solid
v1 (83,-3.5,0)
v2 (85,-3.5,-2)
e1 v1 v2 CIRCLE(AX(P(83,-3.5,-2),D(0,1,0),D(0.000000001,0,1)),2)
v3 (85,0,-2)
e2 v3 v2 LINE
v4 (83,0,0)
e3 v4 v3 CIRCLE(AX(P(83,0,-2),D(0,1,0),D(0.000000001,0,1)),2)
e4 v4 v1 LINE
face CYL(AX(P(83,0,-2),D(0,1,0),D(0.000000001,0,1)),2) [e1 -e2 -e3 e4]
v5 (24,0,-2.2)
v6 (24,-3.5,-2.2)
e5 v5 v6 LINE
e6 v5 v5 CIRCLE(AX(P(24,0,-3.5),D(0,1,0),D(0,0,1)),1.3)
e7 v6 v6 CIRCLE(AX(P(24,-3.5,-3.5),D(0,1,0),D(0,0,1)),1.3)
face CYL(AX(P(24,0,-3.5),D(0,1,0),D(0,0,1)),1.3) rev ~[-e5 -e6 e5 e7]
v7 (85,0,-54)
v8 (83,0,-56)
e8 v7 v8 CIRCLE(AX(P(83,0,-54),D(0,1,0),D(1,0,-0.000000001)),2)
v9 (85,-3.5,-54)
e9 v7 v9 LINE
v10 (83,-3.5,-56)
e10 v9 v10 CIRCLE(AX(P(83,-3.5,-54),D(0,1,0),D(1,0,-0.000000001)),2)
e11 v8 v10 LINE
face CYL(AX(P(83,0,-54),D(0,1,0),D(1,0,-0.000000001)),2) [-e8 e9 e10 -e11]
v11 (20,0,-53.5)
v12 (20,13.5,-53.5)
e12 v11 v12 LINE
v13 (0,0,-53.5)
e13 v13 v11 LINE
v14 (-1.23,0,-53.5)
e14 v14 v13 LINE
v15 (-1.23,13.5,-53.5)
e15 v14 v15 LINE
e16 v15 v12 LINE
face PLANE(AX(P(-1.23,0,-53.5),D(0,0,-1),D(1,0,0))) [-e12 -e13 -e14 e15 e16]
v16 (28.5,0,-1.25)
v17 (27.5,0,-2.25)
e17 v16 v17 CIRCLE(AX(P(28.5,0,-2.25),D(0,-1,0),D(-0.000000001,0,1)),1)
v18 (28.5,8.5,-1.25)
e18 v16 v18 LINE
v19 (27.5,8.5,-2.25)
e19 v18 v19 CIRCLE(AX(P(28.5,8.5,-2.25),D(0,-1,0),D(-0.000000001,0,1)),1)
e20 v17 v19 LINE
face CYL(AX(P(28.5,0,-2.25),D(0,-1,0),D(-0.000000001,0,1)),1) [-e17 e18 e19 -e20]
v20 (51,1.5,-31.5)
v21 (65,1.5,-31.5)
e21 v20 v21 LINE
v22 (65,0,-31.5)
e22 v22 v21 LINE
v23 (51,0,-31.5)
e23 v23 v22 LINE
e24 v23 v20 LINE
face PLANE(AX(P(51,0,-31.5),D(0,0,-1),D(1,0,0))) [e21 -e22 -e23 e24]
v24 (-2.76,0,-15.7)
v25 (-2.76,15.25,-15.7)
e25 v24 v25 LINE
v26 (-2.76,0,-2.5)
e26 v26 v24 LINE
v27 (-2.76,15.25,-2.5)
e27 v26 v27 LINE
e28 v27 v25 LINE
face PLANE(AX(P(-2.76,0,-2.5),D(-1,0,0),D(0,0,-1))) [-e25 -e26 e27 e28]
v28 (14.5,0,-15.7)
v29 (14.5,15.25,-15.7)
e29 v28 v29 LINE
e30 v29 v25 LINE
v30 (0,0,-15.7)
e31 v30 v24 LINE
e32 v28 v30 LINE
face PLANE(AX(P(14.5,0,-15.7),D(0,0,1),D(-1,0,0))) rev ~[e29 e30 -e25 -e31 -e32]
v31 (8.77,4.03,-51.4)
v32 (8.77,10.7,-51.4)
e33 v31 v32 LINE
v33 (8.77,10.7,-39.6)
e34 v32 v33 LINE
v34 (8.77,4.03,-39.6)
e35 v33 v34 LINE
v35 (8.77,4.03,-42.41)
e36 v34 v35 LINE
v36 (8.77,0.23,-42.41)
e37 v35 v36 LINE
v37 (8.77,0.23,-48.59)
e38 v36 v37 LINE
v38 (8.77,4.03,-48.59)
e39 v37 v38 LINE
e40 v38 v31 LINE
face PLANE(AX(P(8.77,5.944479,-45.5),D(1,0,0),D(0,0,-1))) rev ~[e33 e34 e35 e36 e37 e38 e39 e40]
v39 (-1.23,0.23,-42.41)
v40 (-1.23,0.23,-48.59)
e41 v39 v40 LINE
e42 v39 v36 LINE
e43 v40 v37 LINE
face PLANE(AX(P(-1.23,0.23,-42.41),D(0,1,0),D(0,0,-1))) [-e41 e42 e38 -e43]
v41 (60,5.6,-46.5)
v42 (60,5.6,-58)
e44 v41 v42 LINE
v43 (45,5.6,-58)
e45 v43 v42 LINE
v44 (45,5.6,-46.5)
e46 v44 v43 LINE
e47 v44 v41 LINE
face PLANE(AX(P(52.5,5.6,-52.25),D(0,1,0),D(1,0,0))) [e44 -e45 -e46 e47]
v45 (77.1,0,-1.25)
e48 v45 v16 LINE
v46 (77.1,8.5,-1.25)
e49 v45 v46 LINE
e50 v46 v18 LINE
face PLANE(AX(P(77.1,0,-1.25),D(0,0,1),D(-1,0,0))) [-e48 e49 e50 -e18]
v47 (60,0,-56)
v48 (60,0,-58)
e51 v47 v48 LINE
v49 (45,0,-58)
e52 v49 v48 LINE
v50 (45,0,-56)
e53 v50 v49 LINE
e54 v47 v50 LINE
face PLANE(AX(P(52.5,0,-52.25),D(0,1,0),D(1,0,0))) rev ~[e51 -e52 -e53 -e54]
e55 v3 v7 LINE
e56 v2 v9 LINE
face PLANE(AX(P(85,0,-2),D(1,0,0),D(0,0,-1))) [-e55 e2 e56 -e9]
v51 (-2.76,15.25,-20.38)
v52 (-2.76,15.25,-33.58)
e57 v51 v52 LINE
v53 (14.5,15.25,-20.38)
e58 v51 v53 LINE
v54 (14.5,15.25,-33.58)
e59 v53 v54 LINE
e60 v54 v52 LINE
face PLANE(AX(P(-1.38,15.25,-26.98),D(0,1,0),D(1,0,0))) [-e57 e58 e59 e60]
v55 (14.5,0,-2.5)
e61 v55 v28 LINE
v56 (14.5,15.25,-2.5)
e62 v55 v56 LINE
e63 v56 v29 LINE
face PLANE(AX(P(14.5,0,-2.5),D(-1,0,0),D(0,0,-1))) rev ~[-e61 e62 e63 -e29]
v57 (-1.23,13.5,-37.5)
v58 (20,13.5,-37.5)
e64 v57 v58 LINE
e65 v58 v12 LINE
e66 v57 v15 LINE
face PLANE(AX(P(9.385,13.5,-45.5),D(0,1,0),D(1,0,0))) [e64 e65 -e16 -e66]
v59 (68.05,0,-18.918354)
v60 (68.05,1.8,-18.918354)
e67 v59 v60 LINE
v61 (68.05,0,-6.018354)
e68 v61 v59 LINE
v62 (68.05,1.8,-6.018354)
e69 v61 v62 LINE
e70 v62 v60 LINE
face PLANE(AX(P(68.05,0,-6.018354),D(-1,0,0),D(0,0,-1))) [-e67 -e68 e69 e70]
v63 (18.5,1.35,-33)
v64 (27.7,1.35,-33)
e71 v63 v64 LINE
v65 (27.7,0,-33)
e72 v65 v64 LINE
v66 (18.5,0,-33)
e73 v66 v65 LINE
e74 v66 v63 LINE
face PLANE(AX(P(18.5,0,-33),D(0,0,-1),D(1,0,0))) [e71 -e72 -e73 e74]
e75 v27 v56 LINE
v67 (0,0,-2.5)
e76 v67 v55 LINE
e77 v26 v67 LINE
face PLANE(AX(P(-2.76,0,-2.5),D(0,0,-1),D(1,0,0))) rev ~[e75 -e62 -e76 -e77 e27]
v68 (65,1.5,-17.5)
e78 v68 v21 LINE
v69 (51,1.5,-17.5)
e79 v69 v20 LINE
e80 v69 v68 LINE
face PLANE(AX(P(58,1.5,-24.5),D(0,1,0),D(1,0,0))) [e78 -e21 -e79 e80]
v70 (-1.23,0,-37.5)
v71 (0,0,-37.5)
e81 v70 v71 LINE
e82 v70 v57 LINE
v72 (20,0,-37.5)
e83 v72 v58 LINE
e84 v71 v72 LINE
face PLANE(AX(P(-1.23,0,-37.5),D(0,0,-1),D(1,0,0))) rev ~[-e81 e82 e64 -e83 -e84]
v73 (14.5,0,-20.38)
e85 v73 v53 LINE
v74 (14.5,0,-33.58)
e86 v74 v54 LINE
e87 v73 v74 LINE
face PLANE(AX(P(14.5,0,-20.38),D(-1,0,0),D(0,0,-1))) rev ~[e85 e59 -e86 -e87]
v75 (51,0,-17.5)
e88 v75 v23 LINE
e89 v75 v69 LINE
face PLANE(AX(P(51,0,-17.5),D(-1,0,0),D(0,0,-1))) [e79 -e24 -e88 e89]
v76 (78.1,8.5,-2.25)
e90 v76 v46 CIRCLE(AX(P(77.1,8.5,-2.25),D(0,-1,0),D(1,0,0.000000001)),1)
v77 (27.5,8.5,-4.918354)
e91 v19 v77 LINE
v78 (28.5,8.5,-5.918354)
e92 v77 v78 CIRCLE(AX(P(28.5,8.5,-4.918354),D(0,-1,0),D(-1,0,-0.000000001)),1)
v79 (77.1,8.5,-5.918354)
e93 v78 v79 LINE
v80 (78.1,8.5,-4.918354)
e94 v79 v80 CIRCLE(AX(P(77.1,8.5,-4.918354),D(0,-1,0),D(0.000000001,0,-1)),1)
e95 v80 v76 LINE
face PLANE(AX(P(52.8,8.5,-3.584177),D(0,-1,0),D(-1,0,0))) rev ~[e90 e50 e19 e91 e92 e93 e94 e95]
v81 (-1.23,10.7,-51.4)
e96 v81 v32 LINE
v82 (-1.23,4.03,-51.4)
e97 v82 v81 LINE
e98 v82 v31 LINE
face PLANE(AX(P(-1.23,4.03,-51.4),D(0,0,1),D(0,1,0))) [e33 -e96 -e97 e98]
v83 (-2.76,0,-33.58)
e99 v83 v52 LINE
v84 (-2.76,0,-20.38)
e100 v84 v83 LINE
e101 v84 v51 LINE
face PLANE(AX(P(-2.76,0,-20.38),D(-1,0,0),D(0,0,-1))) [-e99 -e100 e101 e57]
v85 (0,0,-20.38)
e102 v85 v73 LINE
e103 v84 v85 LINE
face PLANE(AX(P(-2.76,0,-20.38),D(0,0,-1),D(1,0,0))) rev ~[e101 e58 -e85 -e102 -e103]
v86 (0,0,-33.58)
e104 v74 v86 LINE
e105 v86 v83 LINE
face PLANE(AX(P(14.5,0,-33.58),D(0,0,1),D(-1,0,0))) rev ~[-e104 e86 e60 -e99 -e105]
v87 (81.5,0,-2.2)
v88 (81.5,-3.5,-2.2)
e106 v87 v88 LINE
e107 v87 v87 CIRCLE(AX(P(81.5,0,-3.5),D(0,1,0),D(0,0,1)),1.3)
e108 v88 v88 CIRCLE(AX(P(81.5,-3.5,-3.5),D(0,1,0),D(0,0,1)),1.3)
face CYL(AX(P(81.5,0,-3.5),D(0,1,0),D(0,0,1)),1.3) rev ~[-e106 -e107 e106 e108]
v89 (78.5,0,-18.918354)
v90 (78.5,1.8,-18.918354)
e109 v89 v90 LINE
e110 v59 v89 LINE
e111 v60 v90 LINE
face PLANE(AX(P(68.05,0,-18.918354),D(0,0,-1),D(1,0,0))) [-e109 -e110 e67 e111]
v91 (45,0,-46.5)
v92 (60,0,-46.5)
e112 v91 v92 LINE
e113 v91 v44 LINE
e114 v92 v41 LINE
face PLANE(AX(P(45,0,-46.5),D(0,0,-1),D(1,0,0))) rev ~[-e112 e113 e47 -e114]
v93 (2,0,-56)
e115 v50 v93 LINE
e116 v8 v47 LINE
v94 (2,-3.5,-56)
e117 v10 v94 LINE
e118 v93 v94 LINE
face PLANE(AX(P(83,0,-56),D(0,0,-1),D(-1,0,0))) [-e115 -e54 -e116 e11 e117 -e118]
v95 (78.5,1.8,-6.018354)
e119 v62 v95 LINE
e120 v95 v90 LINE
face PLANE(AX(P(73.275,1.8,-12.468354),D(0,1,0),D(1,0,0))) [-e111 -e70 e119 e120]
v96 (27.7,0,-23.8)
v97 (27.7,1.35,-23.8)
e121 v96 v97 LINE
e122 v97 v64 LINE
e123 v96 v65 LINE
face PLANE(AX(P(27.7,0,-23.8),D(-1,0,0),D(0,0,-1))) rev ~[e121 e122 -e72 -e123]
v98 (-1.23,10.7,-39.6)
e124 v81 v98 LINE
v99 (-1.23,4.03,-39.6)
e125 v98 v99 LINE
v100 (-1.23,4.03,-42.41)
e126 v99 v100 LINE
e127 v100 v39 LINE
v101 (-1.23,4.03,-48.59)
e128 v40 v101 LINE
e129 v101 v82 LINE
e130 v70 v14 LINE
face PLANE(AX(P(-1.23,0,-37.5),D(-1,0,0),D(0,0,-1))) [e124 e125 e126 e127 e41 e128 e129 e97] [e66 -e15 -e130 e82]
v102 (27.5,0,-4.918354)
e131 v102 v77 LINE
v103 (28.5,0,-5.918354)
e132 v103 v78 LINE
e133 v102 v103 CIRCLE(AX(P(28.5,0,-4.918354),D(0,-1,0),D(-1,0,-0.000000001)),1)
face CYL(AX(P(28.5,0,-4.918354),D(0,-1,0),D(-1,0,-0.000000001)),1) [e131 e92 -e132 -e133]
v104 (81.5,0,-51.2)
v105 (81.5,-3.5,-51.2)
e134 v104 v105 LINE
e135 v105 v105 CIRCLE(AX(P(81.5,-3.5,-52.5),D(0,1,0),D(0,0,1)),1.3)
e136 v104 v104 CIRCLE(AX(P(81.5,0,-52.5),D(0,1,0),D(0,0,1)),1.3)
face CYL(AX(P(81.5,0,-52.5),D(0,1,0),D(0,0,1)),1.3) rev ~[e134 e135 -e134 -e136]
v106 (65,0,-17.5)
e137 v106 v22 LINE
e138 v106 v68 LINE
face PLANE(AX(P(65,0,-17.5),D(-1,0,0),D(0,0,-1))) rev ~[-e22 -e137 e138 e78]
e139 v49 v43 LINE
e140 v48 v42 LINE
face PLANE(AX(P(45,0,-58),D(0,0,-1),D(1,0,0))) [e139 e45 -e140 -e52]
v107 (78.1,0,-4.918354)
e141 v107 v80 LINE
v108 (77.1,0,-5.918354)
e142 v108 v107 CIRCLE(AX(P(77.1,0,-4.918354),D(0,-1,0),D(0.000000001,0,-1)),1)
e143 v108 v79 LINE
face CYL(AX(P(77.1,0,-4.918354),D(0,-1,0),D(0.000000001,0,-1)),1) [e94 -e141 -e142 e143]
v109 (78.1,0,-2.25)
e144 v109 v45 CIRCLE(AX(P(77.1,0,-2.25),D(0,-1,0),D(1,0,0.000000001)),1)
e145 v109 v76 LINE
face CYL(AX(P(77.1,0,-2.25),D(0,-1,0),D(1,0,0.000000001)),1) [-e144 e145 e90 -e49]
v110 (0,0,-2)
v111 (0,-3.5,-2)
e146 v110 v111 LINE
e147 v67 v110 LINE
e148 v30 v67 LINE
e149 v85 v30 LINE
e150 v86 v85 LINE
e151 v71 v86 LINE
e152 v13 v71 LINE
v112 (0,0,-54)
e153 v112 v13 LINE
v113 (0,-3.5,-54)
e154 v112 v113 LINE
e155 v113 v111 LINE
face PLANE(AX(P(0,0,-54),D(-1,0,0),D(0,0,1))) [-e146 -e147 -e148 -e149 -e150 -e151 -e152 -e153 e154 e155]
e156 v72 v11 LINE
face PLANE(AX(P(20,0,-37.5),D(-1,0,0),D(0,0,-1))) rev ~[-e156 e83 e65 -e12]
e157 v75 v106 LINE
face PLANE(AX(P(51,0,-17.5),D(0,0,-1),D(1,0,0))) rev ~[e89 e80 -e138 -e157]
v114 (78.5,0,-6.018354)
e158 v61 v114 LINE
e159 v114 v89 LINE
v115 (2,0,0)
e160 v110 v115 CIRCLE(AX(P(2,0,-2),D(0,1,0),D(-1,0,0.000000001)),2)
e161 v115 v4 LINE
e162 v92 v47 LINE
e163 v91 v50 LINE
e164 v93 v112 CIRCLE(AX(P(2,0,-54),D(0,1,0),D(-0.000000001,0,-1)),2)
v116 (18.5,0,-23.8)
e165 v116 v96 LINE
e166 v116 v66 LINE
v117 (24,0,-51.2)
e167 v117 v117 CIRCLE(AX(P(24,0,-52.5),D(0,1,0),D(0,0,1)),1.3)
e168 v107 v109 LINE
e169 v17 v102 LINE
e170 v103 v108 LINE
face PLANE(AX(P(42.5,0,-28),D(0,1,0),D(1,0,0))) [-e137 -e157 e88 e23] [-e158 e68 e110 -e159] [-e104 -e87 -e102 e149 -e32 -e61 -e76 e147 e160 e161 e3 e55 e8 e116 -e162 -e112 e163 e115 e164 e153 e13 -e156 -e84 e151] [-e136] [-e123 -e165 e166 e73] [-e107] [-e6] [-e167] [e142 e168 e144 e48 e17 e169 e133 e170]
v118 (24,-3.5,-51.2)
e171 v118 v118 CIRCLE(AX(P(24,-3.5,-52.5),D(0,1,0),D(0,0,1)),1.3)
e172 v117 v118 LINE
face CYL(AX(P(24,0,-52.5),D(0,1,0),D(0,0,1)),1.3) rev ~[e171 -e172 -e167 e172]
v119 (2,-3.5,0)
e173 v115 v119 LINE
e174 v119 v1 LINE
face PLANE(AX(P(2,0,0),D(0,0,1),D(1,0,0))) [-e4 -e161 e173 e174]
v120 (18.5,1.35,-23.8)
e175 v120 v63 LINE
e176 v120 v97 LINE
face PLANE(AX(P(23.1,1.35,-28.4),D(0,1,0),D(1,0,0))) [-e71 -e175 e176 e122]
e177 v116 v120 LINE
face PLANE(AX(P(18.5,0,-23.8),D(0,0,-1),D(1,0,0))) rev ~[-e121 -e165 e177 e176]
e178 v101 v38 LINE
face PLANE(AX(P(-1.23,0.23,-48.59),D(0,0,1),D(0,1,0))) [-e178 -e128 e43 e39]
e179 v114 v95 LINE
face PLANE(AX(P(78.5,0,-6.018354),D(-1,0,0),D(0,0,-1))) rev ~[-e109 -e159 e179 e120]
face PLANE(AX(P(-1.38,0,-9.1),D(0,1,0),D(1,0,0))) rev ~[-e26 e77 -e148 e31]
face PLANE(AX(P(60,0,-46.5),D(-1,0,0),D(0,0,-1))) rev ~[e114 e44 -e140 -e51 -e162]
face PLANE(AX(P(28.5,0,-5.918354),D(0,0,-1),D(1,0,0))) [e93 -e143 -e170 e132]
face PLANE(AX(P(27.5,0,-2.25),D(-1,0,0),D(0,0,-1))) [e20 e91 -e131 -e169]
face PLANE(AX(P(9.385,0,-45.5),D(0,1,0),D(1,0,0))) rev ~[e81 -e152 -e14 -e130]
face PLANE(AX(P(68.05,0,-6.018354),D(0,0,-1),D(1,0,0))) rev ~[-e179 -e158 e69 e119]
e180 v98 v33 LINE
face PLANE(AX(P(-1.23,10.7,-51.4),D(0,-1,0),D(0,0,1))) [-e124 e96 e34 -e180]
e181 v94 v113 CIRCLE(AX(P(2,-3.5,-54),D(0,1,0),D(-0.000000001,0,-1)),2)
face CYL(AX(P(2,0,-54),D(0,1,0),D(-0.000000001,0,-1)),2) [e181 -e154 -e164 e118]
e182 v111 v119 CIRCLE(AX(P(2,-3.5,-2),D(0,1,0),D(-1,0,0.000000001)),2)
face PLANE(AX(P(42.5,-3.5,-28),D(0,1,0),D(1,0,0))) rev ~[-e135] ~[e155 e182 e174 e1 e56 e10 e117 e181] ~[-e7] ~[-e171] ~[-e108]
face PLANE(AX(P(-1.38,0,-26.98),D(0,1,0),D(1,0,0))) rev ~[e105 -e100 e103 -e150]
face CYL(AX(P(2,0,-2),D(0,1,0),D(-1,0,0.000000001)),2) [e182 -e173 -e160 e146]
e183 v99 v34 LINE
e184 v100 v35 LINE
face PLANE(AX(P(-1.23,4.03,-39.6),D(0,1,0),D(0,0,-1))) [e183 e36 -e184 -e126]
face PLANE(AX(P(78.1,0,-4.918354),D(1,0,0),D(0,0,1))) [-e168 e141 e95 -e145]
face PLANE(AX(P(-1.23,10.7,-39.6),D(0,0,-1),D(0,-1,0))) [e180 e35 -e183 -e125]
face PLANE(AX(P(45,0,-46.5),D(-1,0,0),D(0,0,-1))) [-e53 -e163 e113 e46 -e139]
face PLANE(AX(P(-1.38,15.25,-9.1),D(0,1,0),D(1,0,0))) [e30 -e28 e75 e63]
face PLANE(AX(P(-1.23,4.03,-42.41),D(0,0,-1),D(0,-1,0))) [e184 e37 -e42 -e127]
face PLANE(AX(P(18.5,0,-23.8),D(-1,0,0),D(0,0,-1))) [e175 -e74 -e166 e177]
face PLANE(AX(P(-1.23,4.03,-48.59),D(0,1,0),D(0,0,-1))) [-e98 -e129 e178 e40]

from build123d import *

# Parameters (mm, degrees)
SKETCH1_R           = 1.3
BOSS_EXTRUDE1_DEPTH = 3.5
SKETCH1_3_W         = 21.23
SKETCH1_3_H         = 16
BOSS_EXTRUDE2_DEPTH = 13.5
SKETCH1_4_W         = 17.26
SKETCH1_4_H         = 13.2
BOSS_EXTRUDE3_DEPTH = 15.25
SKETCH1_5_W         = 14
SKETCH1_5_H         = 14
BOSS_EXTRUDE4_DEPTH = 1.5
SKETCH1_6_W         = 15
SKETCH1_6_H         = 11.5
BOSS_EXTRUDE5_DEPTH = 5.6
SKETCH1_7_W         = 9.2
SKETCH1_7_H         = 9.2
BOSS_EXTRUDE6_DEPTH = 1.35
SKETCH1_8_W         = 10.45
SKETCH1_8_H         = 12.9
BOSS_EXTRUDE7_DEPTH = 1.8
BOSS_EXTRUDE8_DEPTH = 8.5
CUT_EXTRUDE1_DEPTH  = 10


with BuildPart() as part:
    # Sketch1 → Boss-Extrude1 (new body)
    with BuildSketch(Plane(origin=(0, 0, 0), x_dir=(1, 0, 0), z_dir=(0, 1, 0))):
        with BuildLine():
            ThreePointArc((0, 2), (0.585786438, 0.585786438), (2, 0))
            Line((2, 0), (83, 0))
            ThreePointArc((83, 0), (84.414213562, 0.585786438), (85, 2))
            Line((85, 2), (85, 54))
            ThreePointArc((85, 54), (84.414213562, 55.414213562), (83, 56))
            Line((83, 56), (2, 56))
            ThreePointArc((2, 56), (0.585786438, 55.414213562), (0, 54))
            Line((0, 54), (0, 2))
        make_face()
        with Locations((24, 3.5)):
            Circle(SKETCH1_R, mode=Mode.SUBTRACT)
        with Locations((81.5, 3.5)):
            Circle(SKETCH1_R, mode=Mode.SUBTRACT)
        with Locations((24, 52.5)):
            Circle(SKETCH1_R, mode=Mode.SUBTRACT)
        with Locations((81.5, 52.5)):
            Circle(SKETCH1_R, mode=Mode.SUBTRACT)
    extrude(amount=-BOSS_EXTRUDE1_DEPTH)

    # Sketch1<3> → Boss-Extrude2 (add)
    with BuildSketch(Plane(origin=(0, 0, 0), x_dir=(1, 0, 0), z_dir=(0, 1, 0))):
        with Locations((9.385, 45.5)):
            Rectangle(SKETCH1_3_W, SKETCH1_3_H)
    extrude(amount=BOSS_EXTRUDE2_DEPTH)

    # Sketch1<4> → Boss-Extrude3 (add)
    with BuildSketch(Plane(origin=(0, 0, 0), x_dir=(1, 0, 0), z_dir=(0, 1, 0))):
        with Locations((5.87, 9.1)):
            Rectangle(SKETCH1_4_W, SKETCH1_4_H)
        with Locations((5.87, 26.98)):
            Rectangle(SKETCH1_4_W, SKETCH1_4_H)
    extrude(amount=BOSS_EXTRUDE3_DEPTH)

    # Sketch1<5> → Boss-Extrude4 (add)
    with BuildSketch(Plane(origin=(0, 0, 0), x_dir=(1, 0, 0), z_dir=(0, 1, 0))):
        with Locations((58, 24.5)):
            Rectangle(SKETCH1_5_W, SKETCH1_5_H)
    extrude(amount=BOSS_EXTRUDE4_DEPTH)

    # Sketch1<6> → Boss-Extrude5 (add)
    with BuildSketch(Plane(origin=(0, 0, 0), x_dir=(1, 0, 0), z_dir=(0, 1, 0))):
        with Locations((52.5, 52.25)):
            Rectangle(SKETCH1_6_W, SKETCH1_6_H)
    extrude(amount=BOSS_EXTRUDE5_DEPTH)

    # Sketch1<7> → Boss-Extrude6 (add)
    with BuildSketch(Plane(origin=(0, 0, 0), x_dir=(1, 0, 0), z_dir=(0, 1, 0))):
        with Locations((23.1, 28.4)):
            Rectangle(SKETCH1_7_W, SKETCH1_7_H)
    extrude(amount=BOSS_EXTRUDE6_DEPTH)

    # Sketch1<8> → Boss-Extrude7 (add)
    with BuildSketch(Plane(origin=(0, 0, 0), x_dir=(1, 0, 0), z_dir=(0, 1, 0))):
        with Locations((73.275, 12.468354001)):
            Rectangle(SKETCH1_8_W, SKETCH1_8_H)
    extrude(amount=BOSS_EXTRUDE7_DEPTH)

    # Sketch1<9> → Boss-Extrude8 (add)
    with BuildSketch(Plane(origin=(0, 0, 0), x_dir=(1, 0, 0), z_dir=(0, 1, 0))):
        with BuildLine():
            ThreePointArc((27.5, 2.25), (27.792893219, 1.542893219), (28.5, 1.25))
            Line((28.5, 1.25), (77.1, 1.25))
            ThreePointArc((77.1, 1.25), (77.807106781, 1.542893219), (78.1, 2.25))
            Line((78.1, 2.25), (78.1, 4.918354001))
            ThreePointArc((78.1, 4.918354001), (77.807106781, 5.625460782), (77.1, 5.918354001))
            Line((77.1, 5.918354001), (28.5, 5.918354001))
            ThreePointArc((28.5, 5.918354001), (27.792893219, 5.625460782), (27.5, 4.918354001))
            Line((27.5, 4.918354001), (27.5, 2.25))
        make_face()
    extrude(amount=BOSS_EXTRUDE8_DEPTH)

    # Sketch3 → Cut-Extrude1 (cut)
    with BuildSketch(Plane.ZY.offset(1.23)):
        Polygon((-51.4, 10.7), (-39.6, 10.7), (-39.6, 4.03), (-42.41, 4.03), (-42.41, 0.23), (-48.59, 0.23), (-48.59, 4.03), (-51.4, 4.03), align=None)
    extrude(amount=-CUT_EXTRUDE1_DEPTH, mode=Mode.SUBTRACT)


solid = part.part
